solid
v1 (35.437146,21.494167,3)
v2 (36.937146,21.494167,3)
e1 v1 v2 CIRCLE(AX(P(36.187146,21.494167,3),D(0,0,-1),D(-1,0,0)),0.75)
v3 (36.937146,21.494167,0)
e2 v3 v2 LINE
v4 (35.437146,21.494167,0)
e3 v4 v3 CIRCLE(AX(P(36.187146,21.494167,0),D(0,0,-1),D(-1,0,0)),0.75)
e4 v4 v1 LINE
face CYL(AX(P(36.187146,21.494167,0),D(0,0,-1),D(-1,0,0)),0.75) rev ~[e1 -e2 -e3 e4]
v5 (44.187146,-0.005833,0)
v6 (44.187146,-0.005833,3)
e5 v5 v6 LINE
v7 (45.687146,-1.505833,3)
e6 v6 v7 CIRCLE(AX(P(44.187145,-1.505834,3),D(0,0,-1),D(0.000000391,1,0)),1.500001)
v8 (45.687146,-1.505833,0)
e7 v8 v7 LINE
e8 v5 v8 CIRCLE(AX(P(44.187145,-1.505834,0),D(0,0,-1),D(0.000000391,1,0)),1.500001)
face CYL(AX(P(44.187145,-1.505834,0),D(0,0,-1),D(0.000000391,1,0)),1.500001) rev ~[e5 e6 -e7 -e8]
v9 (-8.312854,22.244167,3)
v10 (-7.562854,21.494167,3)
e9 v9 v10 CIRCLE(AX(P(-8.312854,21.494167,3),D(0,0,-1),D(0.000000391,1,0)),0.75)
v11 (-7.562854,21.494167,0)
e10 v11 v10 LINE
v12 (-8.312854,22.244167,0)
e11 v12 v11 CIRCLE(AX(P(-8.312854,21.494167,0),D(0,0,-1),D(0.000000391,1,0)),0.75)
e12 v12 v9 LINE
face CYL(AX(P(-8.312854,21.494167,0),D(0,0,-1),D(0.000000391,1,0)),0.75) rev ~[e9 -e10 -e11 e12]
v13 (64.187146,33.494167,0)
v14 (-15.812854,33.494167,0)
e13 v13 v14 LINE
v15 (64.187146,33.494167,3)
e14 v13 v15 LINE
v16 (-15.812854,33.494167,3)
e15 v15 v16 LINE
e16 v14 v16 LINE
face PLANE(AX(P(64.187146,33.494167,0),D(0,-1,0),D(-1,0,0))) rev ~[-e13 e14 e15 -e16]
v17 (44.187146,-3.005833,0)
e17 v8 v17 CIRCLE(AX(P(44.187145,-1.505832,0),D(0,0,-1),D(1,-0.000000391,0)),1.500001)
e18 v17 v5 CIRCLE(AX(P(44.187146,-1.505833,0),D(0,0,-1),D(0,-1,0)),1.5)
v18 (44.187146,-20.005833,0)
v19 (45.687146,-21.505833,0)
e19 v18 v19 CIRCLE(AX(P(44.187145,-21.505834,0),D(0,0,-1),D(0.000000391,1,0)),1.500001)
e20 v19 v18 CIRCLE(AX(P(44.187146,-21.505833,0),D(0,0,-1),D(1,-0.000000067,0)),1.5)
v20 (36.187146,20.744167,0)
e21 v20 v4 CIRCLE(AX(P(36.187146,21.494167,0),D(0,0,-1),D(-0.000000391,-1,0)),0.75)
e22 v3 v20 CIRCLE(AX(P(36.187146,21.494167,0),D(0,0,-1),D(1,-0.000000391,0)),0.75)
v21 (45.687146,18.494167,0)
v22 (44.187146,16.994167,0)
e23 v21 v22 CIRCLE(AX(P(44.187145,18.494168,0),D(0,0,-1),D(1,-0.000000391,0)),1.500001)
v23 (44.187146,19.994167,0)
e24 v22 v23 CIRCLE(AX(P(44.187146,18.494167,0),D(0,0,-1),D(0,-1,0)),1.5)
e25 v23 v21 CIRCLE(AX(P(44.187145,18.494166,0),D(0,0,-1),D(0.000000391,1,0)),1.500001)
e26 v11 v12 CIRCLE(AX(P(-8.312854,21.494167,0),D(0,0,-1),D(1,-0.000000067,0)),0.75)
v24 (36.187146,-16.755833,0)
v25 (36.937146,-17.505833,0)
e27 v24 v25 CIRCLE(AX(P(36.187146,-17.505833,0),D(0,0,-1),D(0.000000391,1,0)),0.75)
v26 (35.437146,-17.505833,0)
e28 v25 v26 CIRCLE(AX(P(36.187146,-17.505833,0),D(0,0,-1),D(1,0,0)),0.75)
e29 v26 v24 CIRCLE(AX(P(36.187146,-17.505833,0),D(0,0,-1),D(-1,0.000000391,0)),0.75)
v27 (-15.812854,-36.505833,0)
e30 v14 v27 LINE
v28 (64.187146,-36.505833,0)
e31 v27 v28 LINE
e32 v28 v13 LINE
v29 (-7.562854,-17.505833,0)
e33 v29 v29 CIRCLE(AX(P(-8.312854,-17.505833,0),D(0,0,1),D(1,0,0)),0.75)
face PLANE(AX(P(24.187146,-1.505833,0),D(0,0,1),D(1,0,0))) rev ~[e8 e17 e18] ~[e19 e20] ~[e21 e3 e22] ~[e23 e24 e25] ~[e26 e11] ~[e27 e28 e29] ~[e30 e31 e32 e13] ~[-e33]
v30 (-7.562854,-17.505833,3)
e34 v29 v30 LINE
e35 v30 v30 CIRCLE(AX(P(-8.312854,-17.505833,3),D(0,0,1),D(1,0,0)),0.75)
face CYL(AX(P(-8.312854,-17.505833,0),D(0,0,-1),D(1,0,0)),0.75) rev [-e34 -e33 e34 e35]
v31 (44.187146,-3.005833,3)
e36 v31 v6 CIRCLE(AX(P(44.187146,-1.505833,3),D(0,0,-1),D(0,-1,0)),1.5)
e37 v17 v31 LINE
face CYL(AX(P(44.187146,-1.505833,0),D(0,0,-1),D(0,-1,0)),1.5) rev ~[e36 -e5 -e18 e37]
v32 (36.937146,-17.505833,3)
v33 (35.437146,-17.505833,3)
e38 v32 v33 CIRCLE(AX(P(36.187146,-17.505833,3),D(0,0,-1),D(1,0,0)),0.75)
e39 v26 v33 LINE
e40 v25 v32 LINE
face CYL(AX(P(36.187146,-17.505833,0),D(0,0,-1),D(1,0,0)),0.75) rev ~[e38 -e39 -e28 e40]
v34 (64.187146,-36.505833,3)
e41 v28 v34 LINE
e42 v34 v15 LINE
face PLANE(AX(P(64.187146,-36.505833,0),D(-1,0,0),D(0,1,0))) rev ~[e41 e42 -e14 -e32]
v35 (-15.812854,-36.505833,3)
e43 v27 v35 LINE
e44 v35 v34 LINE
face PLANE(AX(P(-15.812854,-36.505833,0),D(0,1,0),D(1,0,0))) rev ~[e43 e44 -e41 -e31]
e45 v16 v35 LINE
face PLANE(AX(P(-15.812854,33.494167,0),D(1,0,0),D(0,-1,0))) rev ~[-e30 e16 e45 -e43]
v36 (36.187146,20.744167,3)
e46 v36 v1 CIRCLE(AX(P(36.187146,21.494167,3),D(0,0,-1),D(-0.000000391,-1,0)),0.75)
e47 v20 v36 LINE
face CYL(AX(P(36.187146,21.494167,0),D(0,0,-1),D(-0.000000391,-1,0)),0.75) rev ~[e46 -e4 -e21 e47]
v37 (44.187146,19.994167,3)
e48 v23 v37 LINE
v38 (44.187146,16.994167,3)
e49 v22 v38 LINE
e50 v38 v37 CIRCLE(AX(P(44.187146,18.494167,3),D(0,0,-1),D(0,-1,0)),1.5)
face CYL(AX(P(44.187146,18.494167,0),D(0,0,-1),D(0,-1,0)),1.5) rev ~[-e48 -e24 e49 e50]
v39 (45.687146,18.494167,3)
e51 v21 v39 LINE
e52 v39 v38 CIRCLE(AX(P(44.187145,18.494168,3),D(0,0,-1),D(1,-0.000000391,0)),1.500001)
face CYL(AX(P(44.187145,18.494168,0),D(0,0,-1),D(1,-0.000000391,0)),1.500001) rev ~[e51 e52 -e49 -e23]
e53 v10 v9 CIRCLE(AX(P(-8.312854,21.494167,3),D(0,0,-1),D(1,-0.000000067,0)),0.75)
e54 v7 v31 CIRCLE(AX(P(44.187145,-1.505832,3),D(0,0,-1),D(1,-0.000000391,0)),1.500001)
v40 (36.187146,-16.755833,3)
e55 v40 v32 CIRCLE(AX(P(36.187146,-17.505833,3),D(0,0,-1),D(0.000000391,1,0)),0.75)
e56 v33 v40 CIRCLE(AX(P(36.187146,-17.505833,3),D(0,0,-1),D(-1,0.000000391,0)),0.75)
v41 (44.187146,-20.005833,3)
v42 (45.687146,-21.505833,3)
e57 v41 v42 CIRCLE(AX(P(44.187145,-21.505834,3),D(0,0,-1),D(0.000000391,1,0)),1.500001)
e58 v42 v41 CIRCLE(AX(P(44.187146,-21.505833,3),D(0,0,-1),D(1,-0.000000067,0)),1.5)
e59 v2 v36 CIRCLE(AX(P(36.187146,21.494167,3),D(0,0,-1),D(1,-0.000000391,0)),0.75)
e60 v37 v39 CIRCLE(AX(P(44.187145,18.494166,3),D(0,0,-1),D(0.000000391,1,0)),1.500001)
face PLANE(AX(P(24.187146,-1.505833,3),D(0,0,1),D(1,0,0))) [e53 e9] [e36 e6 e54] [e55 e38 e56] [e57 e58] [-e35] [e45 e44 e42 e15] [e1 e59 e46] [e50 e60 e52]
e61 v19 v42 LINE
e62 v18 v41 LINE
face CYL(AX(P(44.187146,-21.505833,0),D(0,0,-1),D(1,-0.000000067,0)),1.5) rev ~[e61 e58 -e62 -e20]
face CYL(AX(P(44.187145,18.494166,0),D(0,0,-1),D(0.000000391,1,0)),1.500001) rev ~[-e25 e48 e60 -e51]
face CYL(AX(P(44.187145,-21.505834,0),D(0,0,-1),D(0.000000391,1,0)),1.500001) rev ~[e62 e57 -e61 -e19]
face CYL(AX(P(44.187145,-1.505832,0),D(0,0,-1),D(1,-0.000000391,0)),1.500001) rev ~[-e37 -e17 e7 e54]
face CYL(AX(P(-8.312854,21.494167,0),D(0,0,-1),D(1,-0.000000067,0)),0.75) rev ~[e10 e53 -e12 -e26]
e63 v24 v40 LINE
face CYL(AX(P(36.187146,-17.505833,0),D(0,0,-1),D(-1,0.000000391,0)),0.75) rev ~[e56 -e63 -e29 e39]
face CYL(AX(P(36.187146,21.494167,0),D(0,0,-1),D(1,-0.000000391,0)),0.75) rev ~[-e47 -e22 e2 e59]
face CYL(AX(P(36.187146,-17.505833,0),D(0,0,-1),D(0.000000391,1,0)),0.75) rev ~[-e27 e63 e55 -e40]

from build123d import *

# Parameters (mm, degrees)
F0_R     = 0.75
F1_DEPTH = 3


with BuildPart() as f1:
    # F0 (on Top) → F1 (new body)
    with BuildSketch(Plane.XY):
        Polygon((-10.812854, 33.494167), (-15.812854, 33.494167), (-15.812854, -36.505833), (64.187146, -36.505833), (64.187146, 33.494167), (44.187146, 33.494167), (-6.812854, 33.494167), (-8.312854, 33.494167), align=None)
        with Locations((-8.312854, -17.505833)):
            Circle(F0_R, mode=Mode.SUBTRACT)
        with BuildLine():
            ThreePointArc((45.687146, -21.505833), (43.126486, -22.566493), (44.187146, -20.005833))
            ThreePointArc((44.187146, -20.005833), (45.247806, -20.445173), (45.687146, -21.505833))
        make_face(mode=Mode.SUBTRACT)
        with BuildLine():
            ThreePointArc((35.437146, -17.505833), (35.656816, -16.975503), (36.187146, -16.755833))
            ThreePointArc((36.187146, -16.755833), (36.717476, -16.975503), (36.937146, -17.505833))
            ThreePointArc((36.937146, -17.505833), (36.187146, -18.255833), (35.437146, -17.505833))
        make_face(mode=Mode.SUBTRACT)
        with BuildLine():
            ThreePointArc((-7.562854, 21.494167), (-8.843184, 20.963837), (-8.312854, 22.244167))
            ThreePointArc((-8.312854, 22.244167), (-7.782524, 22.024497), (-7.562854, 21.494167))
        make_face(mode=Mode.SUBTRACT)
        with BuildLine():
            ThreePointArc((44.187146, -3.005833), (42.687146, -1.505833), (44.187146, -0.005833))
            ThreePointArc((44.187146, -0.005833), (45.247806, -0.445173), (45.687146, -1.505833))
            ThreePointArc((45.687146, -1.505833), (45.247806, -2.566493), (44.187146, -3.005833))
        make_face(mode=Mode.SUBTRACT)
        with BuildLine():
            ThreePointArc((36.187146, 20.744167), (35.656816, 20.963837), (35.437146, 21.494167))
            ThreePointArc((35.437146, 21.494167), (36.187146, 22.244167), (36.937146, 21.494167))
            ThreePointArc((36.937146, 21.494167), (36.717476, 20.963837), (36.187146, 20.744167))
        make_face(mode=Mode.SUBTRACT)
        with BuildLine():
            ThreePointArc((44.187146, 16.994167), (42.687146, 18.494167), (44.187146, 19.994167))
            ThreePointArc((44.187146, 19.994167), (45.247806, 19.554827), (45.687146, 18.494167))
            ThreePointArc((45.687146, 18.494167), (45.247806, 17.433507), (44.187146, 16.994167))
        make_face(mode=Mode.SUBTRACT)
    extrude(amount=F1_DEPTH)


solid = f1.part
